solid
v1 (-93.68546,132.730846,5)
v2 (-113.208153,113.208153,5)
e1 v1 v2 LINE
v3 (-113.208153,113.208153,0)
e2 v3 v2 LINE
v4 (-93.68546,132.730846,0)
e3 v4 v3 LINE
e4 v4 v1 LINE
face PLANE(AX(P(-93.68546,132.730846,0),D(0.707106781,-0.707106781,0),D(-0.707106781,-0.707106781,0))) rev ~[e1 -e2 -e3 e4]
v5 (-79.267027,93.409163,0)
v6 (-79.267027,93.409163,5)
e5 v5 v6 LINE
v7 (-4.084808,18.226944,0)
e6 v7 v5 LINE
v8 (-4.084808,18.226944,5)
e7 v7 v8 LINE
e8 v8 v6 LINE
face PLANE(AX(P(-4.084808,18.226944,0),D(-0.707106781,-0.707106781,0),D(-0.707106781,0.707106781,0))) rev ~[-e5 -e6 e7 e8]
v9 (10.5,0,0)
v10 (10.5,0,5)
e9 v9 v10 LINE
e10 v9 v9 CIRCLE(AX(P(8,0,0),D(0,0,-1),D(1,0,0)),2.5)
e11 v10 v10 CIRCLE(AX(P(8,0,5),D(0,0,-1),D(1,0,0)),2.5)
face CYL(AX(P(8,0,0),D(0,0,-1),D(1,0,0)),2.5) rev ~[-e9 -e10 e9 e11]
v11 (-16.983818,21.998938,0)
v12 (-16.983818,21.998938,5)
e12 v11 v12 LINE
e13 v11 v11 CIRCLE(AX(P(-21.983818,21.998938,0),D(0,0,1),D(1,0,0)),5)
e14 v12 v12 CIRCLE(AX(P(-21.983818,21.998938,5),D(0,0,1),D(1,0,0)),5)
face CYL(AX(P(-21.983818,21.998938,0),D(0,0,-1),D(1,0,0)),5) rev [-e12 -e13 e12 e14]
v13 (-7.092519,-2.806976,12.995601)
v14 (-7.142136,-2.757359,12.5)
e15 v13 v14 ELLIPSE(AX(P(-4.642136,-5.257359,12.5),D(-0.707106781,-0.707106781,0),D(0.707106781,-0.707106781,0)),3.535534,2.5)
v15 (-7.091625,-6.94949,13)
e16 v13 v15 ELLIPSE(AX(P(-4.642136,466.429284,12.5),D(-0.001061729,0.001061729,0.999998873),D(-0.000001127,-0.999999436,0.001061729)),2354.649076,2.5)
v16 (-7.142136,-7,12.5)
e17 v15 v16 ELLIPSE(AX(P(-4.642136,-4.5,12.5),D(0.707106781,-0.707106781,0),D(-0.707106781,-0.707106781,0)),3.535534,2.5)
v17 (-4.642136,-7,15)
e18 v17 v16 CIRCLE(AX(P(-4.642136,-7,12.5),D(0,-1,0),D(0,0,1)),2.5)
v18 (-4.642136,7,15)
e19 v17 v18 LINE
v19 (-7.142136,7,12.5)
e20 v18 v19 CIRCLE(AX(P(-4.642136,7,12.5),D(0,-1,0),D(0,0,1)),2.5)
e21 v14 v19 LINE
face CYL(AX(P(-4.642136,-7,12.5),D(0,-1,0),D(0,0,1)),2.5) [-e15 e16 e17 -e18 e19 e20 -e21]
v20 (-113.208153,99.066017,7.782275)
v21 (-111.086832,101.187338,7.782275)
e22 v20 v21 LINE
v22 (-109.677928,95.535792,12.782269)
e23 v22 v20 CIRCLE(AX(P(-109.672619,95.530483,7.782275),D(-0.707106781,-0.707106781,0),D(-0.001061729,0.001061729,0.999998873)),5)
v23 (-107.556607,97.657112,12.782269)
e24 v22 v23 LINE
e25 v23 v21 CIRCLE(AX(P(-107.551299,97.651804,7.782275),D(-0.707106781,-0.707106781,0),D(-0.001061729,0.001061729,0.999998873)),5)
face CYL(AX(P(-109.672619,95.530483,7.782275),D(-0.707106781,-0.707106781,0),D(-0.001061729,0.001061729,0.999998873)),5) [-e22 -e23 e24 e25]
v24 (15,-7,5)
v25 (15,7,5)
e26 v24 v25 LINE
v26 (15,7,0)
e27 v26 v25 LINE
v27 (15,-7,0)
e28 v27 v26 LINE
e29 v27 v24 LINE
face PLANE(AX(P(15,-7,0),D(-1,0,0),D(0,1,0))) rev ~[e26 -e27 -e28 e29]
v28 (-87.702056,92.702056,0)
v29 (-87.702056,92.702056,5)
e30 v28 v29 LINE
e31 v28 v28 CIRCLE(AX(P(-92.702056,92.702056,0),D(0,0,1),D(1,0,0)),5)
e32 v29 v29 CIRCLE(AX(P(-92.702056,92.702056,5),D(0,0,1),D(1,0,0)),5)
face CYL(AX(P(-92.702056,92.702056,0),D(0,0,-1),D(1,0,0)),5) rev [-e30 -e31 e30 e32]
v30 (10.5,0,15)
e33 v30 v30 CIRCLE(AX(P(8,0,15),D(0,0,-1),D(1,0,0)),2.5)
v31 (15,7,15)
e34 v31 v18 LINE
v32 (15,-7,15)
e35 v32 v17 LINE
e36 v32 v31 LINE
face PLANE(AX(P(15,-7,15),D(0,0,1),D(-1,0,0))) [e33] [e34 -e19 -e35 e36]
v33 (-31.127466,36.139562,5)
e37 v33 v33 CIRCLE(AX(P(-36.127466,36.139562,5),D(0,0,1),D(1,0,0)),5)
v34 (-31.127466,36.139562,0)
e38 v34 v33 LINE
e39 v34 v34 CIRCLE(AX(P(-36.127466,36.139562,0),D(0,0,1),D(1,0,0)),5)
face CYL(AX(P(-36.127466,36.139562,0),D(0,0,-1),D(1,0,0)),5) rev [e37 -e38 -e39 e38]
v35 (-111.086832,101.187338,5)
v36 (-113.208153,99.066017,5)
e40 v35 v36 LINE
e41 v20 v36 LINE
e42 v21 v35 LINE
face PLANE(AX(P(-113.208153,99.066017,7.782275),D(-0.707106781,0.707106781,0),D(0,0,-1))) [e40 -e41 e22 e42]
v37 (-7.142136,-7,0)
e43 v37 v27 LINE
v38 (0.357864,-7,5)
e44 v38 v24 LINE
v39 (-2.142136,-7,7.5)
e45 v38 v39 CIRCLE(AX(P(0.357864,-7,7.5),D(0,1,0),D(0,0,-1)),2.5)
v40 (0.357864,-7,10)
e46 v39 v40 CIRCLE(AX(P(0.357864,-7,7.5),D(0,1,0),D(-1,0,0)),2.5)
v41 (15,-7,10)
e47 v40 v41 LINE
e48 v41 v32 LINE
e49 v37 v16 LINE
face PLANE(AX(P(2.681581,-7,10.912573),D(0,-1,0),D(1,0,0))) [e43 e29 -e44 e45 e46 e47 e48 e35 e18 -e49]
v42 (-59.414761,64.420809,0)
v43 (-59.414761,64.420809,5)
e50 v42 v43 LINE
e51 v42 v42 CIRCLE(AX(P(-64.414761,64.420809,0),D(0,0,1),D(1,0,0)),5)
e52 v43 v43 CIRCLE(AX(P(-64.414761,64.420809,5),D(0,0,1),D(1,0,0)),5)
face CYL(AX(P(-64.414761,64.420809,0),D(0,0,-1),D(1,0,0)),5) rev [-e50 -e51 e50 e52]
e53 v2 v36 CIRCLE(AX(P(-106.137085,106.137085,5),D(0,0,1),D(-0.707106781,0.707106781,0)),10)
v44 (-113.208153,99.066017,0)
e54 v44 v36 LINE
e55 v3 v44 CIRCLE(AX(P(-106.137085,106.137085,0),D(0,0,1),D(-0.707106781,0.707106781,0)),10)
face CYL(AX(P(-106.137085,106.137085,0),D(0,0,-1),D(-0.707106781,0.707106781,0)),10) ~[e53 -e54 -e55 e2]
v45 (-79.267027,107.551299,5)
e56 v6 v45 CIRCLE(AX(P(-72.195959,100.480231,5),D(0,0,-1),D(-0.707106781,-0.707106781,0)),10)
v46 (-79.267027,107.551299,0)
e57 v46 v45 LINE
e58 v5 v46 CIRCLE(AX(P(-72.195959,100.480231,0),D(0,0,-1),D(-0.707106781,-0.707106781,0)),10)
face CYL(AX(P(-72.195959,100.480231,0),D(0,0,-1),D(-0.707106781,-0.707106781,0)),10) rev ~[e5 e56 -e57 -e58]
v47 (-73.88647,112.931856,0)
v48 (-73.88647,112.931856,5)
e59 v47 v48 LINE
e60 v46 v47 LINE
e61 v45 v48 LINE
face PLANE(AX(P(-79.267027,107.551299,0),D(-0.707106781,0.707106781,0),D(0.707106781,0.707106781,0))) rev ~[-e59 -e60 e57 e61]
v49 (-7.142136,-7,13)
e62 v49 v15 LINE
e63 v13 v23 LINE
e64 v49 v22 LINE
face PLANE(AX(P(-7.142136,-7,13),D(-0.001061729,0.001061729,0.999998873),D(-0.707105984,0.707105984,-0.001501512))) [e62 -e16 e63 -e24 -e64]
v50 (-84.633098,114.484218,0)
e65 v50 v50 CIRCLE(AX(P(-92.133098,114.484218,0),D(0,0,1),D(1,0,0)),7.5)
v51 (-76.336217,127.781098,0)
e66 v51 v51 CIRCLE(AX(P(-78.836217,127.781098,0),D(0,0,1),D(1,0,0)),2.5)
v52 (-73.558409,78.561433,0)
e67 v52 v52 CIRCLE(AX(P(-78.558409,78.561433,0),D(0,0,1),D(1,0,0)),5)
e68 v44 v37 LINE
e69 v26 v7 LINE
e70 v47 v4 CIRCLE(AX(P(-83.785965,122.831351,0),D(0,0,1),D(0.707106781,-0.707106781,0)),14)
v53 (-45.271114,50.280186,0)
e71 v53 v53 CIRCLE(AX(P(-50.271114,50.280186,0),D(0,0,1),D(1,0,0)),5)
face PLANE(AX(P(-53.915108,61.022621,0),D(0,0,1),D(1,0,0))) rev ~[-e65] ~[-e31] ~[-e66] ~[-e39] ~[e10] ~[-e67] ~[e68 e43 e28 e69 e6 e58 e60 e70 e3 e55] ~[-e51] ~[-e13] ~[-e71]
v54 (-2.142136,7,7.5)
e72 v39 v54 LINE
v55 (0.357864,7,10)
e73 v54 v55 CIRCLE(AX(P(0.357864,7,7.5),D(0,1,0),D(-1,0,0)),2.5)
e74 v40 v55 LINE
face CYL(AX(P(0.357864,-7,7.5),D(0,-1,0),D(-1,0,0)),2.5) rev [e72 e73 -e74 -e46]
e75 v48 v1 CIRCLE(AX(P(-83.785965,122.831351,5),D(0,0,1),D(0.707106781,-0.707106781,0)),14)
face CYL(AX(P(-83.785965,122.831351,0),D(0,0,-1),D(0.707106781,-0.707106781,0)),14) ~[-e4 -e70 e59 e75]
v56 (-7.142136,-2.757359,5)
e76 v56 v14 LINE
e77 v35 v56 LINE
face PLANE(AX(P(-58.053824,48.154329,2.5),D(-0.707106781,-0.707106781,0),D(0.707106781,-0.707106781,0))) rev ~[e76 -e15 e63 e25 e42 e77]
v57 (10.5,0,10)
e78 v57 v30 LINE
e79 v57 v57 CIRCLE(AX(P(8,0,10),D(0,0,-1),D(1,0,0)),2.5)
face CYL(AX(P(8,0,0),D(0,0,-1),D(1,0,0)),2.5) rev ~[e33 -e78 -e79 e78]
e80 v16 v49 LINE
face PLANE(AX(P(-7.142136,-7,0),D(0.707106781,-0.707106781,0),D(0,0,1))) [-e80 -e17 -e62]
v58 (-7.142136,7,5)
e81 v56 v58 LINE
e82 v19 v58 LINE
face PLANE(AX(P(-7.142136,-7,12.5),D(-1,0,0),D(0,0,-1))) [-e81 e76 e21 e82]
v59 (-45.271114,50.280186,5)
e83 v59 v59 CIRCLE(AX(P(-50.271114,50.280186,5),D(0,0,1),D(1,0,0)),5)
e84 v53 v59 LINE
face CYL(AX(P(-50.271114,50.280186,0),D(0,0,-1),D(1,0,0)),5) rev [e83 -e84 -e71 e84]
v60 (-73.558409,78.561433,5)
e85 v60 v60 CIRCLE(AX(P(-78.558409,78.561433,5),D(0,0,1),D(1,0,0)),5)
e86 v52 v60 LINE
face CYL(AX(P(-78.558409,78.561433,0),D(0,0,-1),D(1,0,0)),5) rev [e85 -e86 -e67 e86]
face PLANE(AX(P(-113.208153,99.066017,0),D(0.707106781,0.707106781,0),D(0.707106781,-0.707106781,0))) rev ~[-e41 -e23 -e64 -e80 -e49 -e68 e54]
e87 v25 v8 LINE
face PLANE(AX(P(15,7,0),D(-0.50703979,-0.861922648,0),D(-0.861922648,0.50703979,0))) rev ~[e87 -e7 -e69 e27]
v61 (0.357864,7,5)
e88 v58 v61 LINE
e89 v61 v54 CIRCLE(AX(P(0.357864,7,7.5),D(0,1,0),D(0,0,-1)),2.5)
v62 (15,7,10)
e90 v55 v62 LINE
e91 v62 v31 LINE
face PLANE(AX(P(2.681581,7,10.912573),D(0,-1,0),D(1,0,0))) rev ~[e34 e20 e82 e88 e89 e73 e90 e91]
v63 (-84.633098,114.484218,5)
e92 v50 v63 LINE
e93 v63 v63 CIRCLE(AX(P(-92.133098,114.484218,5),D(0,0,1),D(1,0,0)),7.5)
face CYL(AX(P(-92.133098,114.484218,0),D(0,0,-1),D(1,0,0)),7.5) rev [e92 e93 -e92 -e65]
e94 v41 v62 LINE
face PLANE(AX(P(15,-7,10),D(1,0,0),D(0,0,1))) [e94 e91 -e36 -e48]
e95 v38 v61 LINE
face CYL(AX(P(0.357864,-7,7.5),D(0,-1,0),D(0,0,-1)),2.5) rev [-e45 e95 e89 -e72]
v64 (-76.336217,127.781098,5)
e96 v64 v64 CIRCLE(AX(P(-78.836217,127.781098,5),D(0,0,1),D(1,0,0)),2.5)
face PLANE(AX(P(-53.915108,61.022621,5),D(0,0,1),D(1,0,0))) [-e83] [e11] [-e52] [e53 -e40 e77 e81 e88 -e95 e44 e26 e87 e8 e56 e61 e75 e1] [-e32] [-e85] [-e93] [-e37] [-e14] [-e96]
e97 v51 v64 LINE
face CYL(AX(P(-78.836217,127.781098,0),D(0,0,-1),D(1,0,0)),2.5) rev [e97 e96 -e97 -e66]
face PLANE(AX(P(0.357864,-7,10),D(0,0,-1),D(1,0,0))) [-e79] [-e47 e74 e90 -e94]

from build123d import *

# Parameters (mm, degrees)
F0_R     = 5
F0_R_2   = 7.5
F0_R_3   = 2.5
F1_DEPTH = 5
F3_DEPTH = 14
F5_R     = 2.5
F6_DEPTH = 25
F7_R     = 2.5
F8_DEPTH = 5
F4_W     = 150
F4_H     = 5
F9_DEPTH = 3


with BuildPart() as f1:
    # F0 (on Top) → F1 (new body)
    with BuildSketch(Plane.XY):
        with BuildLine():
            Line((15, 7), (-4.0848081724, 18.2269437961))
            Line((-4.0848081724, 18.2269437961), (-79.2670273048, 93.4091629285))
            ThreePointArc((-79.2670273048, 93.4091629285), (-82.1959594929, 100.4802307404), (-79.2670273048, 107.5512985522))
            Line((-79.2670273048, 107.5512985522), (-73.8864699203, 112.9318559367))
            ThreePointArc((-73.8864699203, 112.9318559367), (-73.8864699203, 132.7308458099), (-93.6854597935, 132.7308458099))
            Line((-93.6854597935, 132.7308458099), (-113.2081528017, 113.2081528017))
            ThreePointArc((-113.2081528017, 113.2081528017), (-116.1370849898, 106.1370849898), (-113.2081528017, 99.066017178))
            Line((-113.2081528017, 99.066017178), (-7.1421356237, -7))
            Line((-7.1421356237, -7), (15, -7))
            Line((15, -7), (15, 7))
        make_face()
        with Locations((-64.4147610714, 64.4208090516)):
            Circle(F0_R, mode=Mode.SUBTRACT)
        with Locations((-21.9838184576, 21.998938408)):
            Circle(F0_R, mode=Mode.SUBTRACT)
        with Locations((-36.1274659955, 36.1395619558)):
            Circle(F0_R, mode=Mode.SUBTRACT)
        with Locations((-50.2711135335, 50.2801855037)):
            Circle(F0_R, mode=Mode.SUBTRACT)
        with Locations((-92.7020561473, 92.7020561473)):
            Circle(F0_R, mode=Mode.SUBTRACT)
        with Locations((-78.5584086094, 78.5614325994)):
            Circle(F0_R, mode=Mode.SUBTRACT)
        with Locations((-92.1330977986, 114.4842179316)):
            Circle(F0_R_2, mode=Mode.SUBTRACT)
        with Locations((-78.8362173886, 127.7810983416)):
            Circle(F0_R_3, mode=Mode.SUBTRACT)
    extrude(amount=F1_DEPTH)


with BuildPart() as f3:
    # F2 (on face) → F3 (new body)
    with BuildSketch(Plane.XZ.offset(7)):
        with BuildLine():
            Line((-7.1421356237, 12.5), (-7.1421356237, 5))
            Line((-7.1421356237, 5), (0.3578643763, 5))
            ThreePointArc((0.3578643763, 5), (-1.4099025767, 5.732233047), (-2.1421356237, 7.5))
            ThreePointArc((-2.1421356237, 7.5), (-1.4099025767, 9.267766953), (0.3578643763, 10))
            Line((0.3578643763, 10), (15, 10))
            Line((15, 10), (15, 15))
            Line((15, 15), (-4.6421356237, 15))
            ThreePointArc((-4.6421356237, 15), (-6.4099025767, 14.267766953), (-7.1421356237, 12.5))
        make_face()
    extrude(amount=-F3_DEPTH)


with BuildPart() as f6_tool:
    # F5 (on face) → F6 (new body)
    with BuildSketch(Plane(origin=(0, 0, 0), x_dir=(1, 0, 0), z_dir=(0, 0, -1))):
        with Locations((8, 0)):
            Circle(F5_R)
    extrude(amount=-F6_DEPTH)


with BuildPart() as f1_1:
    add(f1.part)

    # F6: cut by f6_tool
    add(f6_tool.part, mode=Mode.SUBTRACT)

    # F7 (on face) → F8 (cut)
    with BuildSketch(Plane.XY.offset(15)):
        with Locations((8, 0)):
            Circle(F7_R)
    extrude(amount=-F8_DEPTH, mode=Mode.SUBTRACT)



with BuildPart() as f3_1:
    add(f3.part)

    # F6: cut by f6_tool
    add(f6_tool.part, mode=Mode.SUBTRACT)


with BuildPart() as f1_2:
    add(f1_1.part)

    add(f3_1.part)  # F9 merges F3
    # F4 (on face) → F9 (join)
    with BuildSketch(Plane(origin=(-7.0710678119, -7.0710678119, 0), x_dir=(0.7071067812, -0.7071067812, 0), z_dir=(-0.7071067812, -0.7071067812, 0))):
        with Locations((-75.1005050634, 2.5)):
            Rectangle(F4_W, F4_H)
        with BuildLine():
            Line((-150.1005050634, 5), (-0.1005050634, 5))
            Line((-0.1005050634, 5), (-0.1005050634, 13))
            Line((-0.1005050634, 13), (-145.1080126235, 12.782269238))
            ThreePointArc((-145.1080126235, 12.782269238), (-148.638692297, 11.3151534598), (-150.1005050634, 7.7822748743))
            Line((-150.1005050634, 7.7822748743), (-150.1005050634, 5))
        make_face()
    extrude(amount=-F9_DEPTH)


solid = f1_2.part
